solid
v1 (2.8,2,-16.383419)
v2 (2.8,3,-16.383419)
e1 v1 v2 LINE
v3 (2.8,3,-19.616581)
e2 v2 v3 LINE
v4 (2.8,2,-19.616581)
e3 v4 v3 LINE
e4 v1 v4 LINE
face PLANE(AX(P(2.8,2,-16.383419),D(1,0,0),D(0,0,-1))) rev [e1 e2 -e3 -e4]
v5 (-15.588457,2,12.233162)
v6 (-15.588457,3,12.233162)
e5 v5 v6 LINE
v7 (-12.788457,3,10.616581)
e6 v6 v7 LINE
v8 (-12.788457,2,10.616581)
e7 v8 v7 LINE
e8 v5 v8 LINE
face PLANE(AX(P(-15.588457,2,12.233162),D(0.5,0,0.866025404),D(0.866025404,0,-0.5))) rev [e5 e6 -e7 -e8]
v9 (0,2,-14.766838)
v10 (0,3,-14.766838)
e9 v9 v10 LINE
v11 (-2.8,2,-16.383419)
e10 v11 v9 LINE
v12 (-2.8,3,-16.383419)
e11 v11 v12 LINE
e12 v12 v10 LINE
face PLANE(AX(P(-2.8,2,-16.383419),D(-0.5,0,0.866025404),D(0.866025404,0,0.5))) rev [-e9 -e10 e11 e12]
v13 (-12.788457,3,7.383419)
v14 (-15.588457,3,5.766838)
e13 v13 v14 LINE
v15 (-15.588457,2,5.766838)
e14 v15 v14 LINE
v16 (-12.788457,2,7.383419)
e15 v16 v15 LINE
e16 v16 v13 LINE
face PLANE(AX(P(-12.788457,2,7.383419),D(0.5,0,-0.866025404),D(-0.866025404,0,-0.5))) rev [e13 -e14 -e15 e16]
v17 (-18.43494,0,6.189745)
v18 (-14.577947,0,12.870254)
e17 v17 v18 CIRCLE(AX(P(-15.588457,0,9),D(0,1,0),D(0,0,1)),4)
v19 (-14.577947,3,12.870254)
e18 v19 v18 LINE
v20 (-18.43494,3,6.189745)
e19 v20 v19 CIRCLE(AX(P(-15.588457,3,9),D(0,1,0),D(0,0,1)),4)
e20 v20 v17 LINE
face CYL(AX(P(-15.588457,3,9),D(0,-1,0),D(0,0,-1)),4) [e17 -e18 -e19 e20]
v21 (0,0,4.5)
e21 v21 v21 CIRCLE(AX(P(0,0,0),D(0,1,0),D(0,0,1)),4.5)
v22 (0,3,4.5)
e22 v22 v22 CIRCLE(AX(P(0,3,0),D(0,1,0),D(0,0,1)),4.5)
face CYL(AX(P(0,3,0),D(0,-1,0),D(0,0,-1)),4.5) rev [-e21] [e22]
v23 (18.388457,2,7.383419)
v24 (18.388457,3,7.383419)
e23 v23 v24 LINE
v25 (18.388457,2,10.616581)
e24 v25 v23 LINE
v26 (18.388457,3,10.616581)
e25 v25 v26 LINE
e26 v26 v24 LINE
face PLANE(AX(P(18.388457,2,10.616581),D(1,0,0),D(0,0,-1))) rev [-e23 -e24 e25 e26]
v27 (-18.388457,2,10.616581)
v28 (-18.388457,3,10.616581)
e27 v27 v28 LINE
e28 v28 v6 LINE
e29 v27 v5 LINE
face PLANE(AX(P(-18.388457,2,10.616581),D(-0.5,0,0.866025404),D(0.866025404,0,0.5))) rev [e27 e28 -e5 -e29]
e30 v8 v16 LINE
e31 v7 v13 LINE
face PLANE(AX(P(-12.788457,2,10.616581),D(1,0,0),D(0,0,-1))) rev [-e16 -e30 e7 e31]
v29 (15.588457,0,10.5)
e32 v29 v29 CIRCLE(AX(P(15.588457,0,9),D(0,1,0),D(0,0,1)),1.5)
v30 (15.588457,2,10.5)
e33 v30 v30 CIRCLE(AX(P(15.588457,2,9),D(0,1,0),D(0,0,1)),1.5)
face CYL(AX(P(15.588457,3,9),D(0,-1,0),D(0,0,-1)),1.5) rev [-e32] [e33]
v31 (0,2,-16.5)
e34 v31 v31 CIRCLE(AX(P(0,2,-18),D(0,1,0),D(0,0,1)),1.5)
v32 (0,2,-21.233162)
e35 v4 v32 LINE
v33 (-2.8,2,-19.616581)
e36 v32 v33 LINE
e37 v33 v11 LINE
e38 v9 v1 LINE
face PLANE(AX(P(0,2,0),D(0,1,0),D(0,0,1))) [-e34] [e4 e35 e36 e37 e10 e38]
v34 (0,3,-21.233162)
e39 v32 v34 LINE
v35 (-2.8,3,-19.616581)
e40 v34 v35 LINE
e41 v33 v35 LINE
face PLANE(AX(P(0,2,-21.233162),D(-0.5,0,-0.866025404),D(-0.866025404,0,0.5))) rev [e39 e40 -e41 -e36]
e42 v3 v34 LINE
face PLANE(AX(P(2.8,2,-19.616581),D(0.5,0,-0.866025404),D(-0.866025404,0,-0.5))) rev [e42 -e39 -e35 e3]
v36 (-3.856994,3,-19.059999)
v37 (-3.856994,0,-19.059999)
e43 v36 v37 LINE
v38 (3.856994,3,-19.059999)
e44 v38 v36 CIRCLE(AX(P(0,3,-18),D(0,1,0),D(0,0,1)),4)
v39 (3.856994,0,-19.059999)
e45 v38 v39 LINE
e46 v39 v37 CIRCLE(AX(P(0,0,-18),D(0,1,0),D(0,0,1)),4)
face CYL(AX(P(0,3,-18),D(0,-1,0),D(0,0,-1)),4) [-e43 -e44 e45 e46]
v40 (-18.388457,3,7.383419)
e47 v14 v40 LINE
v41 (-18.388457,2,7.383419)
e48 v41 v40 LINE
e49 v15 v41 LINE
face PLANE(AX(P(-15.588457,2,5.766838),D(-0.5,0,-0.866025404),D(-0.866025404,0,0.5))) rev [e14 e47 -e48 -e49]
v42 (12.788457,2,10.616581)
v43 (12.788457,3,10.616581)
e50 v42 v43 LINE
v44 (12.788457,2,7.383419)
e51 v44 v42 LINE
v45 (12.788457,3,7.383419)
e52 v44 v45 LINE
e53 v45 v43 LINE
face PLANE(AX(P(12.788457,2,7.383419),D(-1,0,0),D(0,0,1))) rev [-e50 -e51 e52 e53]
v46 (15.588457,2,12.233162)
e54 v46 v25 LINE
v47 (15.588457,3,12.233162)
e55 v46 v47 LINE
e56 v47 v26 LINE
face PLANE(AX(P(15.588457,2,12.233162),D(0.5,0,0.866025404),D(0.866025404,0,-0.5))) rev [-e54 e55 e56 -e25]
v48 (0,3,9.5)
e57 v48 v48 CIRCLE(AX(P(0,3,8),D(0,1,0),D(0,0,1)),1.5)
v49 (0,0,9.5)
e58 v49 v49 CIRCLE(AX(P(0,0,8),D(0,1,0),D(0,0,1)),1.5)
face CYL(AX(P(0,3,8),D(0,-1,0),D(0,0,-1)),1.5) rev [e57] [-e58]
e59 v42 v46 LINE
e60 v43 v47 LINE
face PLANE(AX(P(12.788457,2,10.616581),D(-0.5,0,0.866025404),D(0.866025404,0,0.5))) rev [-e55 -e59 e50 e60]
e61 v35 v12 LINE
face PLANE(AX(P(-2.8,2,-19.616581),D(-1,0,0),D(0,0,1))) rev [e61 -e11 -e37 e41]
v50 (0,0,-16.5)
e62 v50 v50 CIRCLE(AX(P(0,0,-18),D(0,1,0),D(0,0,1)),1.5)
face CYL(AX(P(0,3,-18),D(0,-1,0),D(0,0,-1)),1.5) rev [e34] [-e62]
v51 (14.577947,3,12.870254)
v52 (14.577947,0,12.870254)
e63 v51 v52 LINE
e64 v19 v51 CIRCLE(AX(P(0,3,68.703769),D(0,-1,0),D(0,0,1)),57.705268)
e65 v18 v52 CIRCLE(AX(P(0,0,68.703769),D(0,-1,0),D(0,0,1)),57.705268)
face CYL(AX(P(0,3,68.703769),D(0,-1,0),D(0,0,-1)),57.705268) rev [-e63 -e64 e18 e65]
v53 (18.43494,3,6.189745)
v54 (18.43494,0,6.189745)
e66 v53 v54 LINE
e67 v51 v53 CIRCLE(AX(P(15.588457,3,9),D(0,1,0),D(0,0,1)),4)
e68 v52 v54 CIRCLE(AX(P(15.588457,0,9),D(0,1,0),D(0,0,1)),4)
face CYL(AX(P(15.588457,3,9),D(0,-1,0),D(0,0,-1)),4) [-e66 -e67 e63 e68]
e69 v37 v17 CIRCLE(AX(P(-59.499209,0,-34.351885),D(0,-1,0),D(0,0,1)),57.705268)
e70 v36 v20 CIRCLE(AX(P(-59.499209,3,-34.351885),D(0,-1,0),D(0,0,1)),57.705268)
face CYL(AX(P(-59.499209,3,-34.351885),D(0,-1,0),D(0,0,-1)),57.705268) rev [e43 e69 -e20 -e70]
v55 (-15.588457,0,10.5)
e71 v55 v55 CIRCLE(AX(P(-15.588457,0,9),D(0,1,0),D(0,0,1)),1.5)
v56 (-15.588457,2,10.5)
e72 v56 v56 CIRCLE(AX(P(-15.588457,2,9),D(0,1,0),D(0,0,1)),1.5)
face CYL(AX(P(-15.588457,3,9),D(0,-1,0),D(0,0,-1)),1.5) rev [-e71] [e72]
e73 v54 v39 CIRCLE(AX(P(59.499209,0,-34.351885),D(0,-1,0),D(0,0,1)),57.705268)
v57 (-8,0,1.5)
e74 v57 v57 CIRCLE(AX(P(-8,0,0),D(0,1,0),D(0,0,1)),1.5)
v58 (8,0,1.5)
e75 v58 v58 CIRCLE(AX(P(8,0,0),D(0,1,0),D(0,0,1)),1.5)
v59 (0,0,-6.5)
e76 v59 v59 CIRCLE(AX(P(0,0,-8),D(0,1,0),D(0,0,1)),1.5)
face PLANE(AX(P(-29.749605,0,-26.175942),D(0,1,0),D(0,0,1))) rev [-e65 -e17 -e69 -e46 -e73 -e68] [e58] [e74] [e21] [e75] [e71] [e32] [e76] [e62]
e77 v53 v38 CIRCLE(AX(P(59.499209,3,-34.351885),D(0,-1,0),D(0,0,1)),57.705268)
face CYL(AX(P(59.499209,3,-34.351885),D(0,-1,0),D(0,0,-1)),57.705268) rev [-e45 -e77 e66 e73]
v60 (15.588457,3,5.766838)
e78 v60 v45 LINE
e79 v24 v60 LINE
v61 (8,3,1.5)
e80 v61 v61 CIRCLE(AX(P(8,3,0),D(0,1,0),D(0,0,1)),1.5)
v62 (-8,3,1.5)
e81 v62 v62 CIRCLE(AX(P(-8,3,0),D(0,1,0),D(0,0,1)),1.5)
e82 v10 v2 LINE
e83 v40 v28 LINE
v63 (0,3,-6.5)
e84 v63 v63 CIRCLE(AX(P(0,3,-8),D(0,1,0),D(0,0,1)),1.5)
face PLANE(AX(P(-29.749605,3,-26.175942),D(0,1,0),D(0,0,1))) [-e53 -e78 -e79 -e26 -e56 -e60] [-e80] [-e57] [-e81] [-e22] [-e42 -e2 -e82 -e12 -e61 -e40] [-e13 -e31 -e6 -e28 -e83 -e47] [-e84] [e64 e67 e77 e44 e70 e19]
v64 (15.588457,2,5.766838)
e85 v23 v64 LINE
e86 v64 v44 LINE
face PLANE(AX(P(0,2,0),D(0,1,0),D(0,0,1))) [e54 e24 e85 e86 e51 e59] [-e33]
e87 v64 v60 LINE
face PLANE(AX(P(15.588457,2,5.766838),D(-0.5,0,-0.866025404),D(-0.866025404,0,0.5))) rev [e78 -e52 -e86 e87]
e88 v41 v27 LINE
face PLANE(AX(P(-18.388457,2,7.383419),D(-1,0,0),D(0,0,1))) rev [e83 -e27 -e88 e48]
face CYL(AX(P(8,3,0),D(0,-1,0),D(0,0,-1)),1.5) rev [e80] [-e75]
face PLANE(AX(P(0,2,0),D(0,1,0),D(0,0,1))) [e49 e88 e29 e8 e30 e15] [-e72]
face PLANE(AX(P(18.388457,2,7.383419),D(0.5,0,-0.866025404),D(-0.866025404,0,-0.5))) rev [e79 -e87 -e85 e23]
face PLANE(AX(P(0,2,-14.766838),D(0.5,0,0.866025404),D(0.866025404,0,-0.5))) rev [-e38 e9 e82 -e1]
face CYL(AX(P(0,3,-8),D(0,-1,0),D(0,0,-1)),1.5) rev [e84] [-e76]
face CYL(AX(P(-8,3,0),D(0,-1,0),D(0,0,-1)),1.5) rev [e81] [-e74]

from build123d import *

# Parameters (mm, degrees)
SKETCH_1_R          = 1.5
SKETCH_1_R_2        = 4.5
EXTRUDE_1_DEPTH     = 3
CUT_EXTRUDE_1_DEPTH = 1


with BuildPart() as part:
    # 草图1 → 凸台-拉伸1 (new body)
    with BuildSketch(Plane(origin=(0, 0, 0), x_dir=(1, 0, 0), z_dir=(0, 1, 0))):
        with BuildLine():
            ThreePointArc((3.85699385, 19.059999265), (0, 22), (-3.85699385, 19.059999265))
            ThreePointArc((-3.85699385, 19.059999265), (-9.524981738, 5.499250771), (-18.434940485, -6.189744976))
            ThreePointArc((-18.434940485, -6.189744976), (-19.052558883, -11), (-14.577946635, -12.870254289))
            ThreePointArc((-14.577946635, -12.870254289), (0, -10.998501541), (14.577946635, -12.870254289))
            ThreePointArc((14.577946635, -12.870254289), (19.052558883, -11), (18.434940485, -6.189744976))
            ThreePointArc((18.434940485, -6.189744976), (9.524981738, 5.499250771), (3.85699385, 19.059999265))
        make_face()
        with Locations((8, 0)):
            Circle(SKETCH_1_R, mode=Mode.SUBTRACT)
        with Locations((0, -8)):
            Circle(SKETCH_1_R, mode=Mode.SUBTRACT)
        with Locations((-8, 0)):
            Circle(SKETCH_1_R, mode=Mode.SUBTRACT)
        with Locations((0, 8)):
            Circle(SKETCH_1_R, mode=Mode.SUBTRACT)
        with Locations((0, 18)):
            Circle(SKETCH_1_R, mode=Mode.SUBTRACT)
        with Locations((15.588457268, -9)):
            Circle(SKETCH_1_R, mode=Mode.SUBTRACT)
        with Locations((-15.588457268, -9)):
            Circle(SKETCH_1_R, mode=Mode.SUBTRACT)
        Circle(SKETCH_1_R_2, mode=Mode.SUBTRACT)
    extrude(amount=EXTRUDE_1_DEPTH)

    # 草图2 → 切除-拉伸1 (cut)
    with BuildSketch(Plane(origin=(0, 3, 0), x_dir=(1, 0, 0), z_dir=(0, 1, 0))):
        Polygon((0, 14.766838493), (2.8, 16.383419246), (2.8, 19.616580754), (0, 21.233161507), (-2.8, 19.616580754), (-2.8, 16.383419246), align=None)
        Polygon((12.788457268, -7.383419246), (12.788457268, -10.616580754), (15.588457268, -12.233161507), (18.388457268, -10.616580754), (18.388457268, -7.383419246), (15.588457268, -5.766838493), align=None)
        Polygon((-12.788457268, -7.383419246), (-15.588457268, -5.766838493), (-18.388457268, -7.383419246), (-18.388457268, -10.616580754), (-15.588457268, -12.233161507), (-12.788457268, -10.616580754), align=None)
    extrude(amount=-CUT_EXTRUDE_1_DEPTH, mode=Mode.SUBTRACT)


solid = part.part
